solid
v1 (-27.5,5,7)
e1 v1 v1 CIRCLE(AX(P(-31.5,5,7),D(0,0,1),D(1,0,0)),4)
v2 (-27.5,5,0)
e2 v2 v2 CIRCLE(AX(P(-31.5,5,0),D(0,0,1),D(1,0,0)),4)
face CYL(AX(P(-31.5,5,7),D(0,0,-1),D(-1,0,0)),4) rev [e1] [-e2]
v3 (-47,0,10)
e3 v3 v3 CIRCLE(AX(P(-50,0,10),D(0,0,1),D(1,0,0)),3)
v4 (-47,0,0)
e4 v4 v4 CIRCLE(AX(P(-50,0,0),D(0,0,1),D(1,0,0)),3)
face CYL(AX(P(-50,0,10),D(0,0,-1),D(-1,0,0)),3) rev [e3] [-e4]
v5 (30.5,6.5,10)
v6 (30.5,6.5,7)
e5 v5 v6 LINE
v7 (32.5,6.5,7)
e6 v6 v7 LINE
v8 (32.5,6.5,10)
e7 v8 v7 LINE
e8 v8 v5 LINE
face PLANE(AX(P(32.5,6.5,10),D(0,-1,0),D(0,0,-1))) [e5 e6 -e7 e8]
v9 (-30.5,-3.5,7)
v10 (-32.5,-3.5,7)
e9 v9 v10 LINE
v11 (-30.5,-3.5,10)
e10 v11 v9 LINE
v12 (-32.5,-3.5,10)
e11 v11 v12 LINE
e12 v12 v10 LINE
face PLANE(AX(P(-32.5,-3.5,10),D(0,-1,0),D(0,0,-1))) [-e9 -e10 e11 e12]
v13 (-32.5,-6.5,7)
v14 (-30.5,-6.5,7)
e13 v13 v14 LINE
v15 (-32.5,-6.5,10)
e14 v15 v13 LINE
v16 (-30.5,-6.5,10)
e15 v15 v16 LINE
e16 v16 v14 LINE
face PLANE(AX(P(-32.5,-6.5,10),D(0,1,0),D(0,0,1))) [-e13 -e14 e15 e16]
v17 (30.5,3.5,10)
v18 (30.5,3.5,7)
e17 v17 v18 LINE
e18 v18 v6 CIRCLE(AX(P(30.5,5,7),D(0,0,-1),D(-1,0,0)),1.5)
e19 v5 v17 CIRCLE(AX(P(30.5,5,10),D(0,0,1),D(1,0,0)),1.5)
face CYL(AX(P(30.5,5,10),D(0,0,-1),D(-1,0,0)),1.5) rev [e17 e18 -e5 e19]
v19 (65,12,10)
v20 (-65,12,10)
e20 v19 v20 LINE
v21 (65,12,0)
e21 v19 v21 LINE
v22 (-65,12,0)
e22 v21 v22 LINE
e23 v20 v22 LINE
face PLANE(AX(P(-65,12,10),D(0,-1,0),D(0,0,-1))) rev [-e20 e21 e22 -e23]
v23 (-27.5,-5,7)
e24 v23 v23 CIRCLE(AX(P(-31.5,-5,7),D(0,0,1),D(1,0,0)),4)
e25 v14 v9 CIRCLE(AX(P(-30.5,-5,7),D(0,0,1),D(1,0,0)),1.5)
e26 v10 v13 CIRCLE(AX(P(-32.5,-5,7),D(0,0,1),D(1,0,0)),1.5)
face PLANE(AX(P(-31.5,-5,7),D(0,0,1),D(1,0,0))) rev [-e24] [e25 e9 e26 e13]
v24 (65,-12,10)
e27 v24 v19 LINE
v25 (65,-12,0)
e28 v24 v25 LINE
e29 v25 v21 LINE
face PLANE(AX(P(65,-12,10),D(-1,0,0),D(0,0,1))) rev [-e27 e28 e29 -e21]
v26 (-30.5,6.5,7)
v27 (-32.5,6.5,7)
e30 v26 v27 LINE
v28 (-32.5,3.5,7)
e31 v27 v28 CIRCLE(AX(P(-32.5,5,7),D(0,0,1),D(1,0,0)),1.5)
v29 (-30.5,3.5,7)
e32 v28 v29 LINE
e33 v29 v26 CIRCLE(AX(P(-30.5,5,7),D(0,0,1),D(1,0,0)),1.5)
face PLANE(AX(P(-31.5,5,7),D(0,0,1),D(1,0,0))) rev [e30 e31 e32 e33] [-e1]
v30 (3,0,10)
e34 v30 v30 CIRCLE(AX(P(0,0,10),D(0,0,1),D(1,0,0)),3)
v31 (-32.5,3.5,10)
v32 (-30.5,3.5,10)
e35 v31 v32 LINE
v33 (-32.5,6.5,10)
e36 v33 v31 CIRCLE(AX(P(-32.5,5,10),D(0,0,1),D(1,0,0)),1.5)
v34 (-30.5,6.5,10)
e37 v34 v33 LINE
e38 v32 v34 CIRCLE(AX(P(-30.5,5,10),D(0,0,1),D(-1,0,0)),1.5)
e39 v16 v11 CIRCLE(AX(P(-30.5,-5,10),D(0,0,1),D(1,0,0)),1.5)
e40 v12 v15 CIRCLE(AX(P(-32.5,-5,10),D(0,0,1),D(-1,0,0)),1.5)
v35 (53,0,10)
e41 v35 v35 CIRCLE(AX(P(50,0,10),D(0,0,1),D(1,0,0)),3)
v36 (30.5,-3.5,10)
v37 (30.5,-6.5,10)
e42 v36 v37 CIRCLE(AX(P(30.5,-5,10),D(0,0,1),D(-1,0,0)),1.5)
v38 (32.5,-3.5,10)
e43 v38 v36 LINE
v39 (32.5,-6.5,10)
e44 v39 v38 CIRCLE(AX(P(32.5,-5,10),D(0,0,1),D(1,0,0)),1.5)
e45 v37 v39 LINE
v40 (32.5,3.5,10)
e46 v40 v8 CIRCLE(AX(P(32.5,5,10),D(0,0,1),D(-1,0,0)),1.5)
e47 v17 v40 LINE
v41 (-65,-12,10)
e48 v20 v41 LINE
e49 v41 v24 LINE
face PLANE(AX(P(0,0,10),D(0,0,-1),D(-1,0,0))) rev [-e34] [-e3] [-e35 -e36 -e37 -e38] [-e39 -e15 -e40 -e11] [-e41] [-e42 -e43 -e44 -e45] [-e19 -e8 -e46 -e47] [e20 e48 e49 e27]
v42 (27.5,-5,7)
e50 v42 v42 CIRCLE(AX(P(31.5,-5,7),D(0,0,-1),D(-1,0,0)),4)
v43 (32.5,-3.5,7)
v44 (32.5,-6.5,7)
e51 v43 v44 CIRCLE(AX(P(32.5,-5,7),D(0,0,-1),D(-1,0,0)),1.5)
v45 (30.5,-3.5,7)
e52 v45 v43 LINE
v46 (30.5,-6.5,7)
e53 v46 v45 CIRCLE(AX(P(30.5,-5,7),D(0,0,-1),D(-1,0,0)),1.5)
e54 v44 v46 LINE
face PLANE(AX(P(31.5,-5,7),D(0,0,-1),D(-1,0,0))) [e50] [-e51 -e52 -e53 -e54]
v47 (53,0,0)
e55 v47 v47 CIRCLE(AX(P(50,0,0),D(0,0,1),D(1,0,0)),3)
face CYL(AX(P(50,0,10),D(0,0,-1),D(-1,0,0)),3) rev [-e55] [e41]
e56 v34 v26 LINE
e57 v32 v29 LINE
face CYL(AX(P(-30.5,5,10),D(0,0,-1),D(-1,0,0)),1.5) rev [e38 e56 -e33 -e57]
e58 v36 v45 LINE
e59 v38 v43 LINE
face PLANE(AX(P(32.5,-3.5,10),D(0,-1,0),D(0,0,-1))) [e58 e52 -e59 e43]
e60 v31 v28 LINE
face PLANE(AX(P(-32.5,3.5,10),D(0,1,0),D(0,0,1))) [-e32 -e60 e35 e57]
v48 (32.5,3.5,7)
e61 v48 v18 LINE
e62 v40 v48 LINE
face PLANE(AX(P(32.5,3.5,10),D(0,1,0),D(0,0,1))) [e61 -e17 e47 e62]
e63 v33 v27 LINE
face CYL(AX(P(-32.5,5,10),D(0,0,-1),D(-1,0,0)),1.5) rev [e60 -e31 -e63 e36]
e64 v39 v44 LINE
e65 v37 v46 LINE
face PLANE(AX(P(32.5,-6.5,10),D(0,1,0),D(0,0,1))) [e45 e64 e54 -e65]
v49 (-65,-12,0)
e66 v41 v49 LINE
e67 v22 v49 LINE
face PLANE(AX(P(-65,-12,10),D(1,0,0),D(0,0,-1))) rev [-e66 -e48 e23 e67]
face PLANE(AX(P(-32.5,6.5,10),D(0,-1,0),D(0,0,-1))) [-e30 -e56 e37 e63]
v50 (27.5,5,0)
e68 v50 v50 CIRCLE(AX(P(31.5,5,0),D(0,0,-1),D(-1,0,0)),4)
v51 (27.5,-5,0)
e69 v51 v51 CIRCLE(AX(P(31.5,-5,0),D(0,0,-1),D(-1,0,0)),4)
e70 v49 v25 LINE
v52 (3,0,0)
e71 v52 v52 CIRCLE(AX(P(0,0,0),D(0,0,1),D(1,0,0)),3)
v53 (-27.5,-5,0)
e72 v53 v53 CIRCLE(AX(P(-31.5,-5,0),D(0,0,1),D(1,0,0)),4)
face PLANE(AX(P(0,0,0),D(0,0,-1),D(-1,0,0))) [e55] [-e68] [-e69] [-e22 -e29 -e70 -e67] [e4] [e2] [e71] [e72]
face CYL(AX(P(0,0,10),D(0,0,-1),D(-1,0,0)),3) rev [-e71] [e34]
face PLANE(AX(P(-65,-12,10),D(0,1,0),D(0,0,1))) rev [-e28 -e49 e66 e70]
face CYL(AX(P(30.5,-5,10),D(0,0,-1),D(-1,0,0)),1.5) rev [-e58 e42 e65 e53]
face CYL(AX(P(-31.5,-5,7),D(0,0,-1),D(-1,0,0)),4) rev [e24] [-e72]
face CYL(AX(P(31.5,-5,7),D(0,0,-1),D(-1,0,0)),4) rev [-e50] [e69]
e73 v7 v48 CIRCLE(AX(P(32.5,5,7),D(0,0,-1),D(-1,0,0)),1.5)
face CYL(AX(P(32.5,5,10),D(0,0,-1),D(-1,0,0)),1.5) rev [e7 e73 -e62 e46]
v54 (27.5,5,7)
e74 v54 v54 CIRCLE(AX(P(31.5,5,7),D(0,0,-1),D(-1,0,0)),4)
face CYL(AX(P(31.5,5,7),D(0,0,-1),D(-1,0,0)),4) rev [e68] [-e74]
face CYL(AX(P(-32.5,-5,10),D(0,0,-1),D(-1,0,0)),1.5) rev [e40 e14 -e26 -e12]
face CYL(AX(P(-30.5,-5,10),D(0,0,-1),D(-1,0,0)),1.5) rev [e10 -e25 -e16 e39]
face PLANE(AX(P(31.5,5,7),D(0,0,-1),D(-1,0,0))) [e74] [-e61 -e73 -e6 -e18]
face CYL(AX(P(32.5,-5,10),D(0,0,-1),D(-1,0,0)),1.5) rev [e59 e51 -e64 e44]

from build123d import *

# Parameters (mm, degrees)
SKETCH_1_W          = 130
SKETCH_1_H          = 24
SKETCH_1_R          = 3
EXTRUDE_1_DEPTH     = 10
SKETCH_2_R          = 4
CUT_EXTRUDE_1_DEPTH = 7


with BuildPart() as part:
    # 草图1 → 凸台-拉伸1 (new body)
    with BuildSketch(Plane.XY):
        Rectangle(SKETCH_1_W, SKETCH_1_H)
        with Locations((-50, 0)):
            Circle(SKETCH_1_R, mode=Mode.SUBTRACT)
        with Locations((50, 0)):
            Circle(SKETCH_1_R, mode=Mode.SUBTRACT)
        Circle(SKETCH_1_R, mode=Mode.SUBTRACT)
        with BuildLine():
            Line((32.5, 6.5), (30.5, 6.5))
            ThreePointArc((30.5, 6.5), (29, 5), (30.5, 3.5))
            Line((30.5, 3.5), (32.5, 3.5))
            ThreePointArc((32.5, 3.5), (34, 5), (32.5, 6.5))
        make_face(mode=Mode.SUBTRACT)
        with BuildLine():
            Line((32.5, -6.5), (30.5, -6.5))
            ThreePointArc((30.5, -6.5), (29, -5), (30.5, -3.5))
            Line((30.5, -3.5), (32.5, -3.5))
            ThreePointArc((32.5, -3.5), (34, -5), (32.5, -6.5))
        make_face(mode=Mode.SUBTRACT)
        with BuildLine():
            Line((-32.5, 6.5), (-30.5, 6.5))
            ThreePointArc((-30.5, 6.5), (-29, 5), (-30.5, 3.5))
            Line((-30.5, 3.5), (-32.5, 3.5))
            ThreePointArc((-32.5, 3.5), (-34, 5), (-32.5, 6.5))
        make_face(mode=Mode.SUBTRACT)
        with BuildLine():
            Line((-32.5, -6.5), (-30.5, -6.5))
            ThreePointArc((-30.5, -6.5), (-29, -5), (-30.5, -3.5))
            Line((-30.5, -3.5), (-32.5, -3.5))
            ThreePointArc((-32.5, -3.5), (-34, -5), (-32.5, -6.5))
        make_face(mode=Mode.SUBTRACT)
    extrude(amount=EXTRUDE_1_DEPTH)

    # 草图2 → 切除-拉伸1 (cut)
    with BuildSketch(Plane(origin=(0, 0, 0), x_dir=(-1, 0, 0), z_dir=(0, 0, -1))):
        with Locations((-31.5, 5)):
            Circle(SKETCH_2_R)
        with Locations((-31.5, -5)):
            Circle(SKETCH_2_R)
        with Locations(Location((31.5, -5, 0), (0, 0, 180))):
            Circle(SKETCH_2_R)
        with Locations(Location((31.5, 5, 0), (0, 0, 180))):
            Circle(SKETCH_2_R)
    extrude(amount=-CUT_EXTRUDE_1_DEPTH, mode=Mode.SUBTRACT)


solid = part.part
